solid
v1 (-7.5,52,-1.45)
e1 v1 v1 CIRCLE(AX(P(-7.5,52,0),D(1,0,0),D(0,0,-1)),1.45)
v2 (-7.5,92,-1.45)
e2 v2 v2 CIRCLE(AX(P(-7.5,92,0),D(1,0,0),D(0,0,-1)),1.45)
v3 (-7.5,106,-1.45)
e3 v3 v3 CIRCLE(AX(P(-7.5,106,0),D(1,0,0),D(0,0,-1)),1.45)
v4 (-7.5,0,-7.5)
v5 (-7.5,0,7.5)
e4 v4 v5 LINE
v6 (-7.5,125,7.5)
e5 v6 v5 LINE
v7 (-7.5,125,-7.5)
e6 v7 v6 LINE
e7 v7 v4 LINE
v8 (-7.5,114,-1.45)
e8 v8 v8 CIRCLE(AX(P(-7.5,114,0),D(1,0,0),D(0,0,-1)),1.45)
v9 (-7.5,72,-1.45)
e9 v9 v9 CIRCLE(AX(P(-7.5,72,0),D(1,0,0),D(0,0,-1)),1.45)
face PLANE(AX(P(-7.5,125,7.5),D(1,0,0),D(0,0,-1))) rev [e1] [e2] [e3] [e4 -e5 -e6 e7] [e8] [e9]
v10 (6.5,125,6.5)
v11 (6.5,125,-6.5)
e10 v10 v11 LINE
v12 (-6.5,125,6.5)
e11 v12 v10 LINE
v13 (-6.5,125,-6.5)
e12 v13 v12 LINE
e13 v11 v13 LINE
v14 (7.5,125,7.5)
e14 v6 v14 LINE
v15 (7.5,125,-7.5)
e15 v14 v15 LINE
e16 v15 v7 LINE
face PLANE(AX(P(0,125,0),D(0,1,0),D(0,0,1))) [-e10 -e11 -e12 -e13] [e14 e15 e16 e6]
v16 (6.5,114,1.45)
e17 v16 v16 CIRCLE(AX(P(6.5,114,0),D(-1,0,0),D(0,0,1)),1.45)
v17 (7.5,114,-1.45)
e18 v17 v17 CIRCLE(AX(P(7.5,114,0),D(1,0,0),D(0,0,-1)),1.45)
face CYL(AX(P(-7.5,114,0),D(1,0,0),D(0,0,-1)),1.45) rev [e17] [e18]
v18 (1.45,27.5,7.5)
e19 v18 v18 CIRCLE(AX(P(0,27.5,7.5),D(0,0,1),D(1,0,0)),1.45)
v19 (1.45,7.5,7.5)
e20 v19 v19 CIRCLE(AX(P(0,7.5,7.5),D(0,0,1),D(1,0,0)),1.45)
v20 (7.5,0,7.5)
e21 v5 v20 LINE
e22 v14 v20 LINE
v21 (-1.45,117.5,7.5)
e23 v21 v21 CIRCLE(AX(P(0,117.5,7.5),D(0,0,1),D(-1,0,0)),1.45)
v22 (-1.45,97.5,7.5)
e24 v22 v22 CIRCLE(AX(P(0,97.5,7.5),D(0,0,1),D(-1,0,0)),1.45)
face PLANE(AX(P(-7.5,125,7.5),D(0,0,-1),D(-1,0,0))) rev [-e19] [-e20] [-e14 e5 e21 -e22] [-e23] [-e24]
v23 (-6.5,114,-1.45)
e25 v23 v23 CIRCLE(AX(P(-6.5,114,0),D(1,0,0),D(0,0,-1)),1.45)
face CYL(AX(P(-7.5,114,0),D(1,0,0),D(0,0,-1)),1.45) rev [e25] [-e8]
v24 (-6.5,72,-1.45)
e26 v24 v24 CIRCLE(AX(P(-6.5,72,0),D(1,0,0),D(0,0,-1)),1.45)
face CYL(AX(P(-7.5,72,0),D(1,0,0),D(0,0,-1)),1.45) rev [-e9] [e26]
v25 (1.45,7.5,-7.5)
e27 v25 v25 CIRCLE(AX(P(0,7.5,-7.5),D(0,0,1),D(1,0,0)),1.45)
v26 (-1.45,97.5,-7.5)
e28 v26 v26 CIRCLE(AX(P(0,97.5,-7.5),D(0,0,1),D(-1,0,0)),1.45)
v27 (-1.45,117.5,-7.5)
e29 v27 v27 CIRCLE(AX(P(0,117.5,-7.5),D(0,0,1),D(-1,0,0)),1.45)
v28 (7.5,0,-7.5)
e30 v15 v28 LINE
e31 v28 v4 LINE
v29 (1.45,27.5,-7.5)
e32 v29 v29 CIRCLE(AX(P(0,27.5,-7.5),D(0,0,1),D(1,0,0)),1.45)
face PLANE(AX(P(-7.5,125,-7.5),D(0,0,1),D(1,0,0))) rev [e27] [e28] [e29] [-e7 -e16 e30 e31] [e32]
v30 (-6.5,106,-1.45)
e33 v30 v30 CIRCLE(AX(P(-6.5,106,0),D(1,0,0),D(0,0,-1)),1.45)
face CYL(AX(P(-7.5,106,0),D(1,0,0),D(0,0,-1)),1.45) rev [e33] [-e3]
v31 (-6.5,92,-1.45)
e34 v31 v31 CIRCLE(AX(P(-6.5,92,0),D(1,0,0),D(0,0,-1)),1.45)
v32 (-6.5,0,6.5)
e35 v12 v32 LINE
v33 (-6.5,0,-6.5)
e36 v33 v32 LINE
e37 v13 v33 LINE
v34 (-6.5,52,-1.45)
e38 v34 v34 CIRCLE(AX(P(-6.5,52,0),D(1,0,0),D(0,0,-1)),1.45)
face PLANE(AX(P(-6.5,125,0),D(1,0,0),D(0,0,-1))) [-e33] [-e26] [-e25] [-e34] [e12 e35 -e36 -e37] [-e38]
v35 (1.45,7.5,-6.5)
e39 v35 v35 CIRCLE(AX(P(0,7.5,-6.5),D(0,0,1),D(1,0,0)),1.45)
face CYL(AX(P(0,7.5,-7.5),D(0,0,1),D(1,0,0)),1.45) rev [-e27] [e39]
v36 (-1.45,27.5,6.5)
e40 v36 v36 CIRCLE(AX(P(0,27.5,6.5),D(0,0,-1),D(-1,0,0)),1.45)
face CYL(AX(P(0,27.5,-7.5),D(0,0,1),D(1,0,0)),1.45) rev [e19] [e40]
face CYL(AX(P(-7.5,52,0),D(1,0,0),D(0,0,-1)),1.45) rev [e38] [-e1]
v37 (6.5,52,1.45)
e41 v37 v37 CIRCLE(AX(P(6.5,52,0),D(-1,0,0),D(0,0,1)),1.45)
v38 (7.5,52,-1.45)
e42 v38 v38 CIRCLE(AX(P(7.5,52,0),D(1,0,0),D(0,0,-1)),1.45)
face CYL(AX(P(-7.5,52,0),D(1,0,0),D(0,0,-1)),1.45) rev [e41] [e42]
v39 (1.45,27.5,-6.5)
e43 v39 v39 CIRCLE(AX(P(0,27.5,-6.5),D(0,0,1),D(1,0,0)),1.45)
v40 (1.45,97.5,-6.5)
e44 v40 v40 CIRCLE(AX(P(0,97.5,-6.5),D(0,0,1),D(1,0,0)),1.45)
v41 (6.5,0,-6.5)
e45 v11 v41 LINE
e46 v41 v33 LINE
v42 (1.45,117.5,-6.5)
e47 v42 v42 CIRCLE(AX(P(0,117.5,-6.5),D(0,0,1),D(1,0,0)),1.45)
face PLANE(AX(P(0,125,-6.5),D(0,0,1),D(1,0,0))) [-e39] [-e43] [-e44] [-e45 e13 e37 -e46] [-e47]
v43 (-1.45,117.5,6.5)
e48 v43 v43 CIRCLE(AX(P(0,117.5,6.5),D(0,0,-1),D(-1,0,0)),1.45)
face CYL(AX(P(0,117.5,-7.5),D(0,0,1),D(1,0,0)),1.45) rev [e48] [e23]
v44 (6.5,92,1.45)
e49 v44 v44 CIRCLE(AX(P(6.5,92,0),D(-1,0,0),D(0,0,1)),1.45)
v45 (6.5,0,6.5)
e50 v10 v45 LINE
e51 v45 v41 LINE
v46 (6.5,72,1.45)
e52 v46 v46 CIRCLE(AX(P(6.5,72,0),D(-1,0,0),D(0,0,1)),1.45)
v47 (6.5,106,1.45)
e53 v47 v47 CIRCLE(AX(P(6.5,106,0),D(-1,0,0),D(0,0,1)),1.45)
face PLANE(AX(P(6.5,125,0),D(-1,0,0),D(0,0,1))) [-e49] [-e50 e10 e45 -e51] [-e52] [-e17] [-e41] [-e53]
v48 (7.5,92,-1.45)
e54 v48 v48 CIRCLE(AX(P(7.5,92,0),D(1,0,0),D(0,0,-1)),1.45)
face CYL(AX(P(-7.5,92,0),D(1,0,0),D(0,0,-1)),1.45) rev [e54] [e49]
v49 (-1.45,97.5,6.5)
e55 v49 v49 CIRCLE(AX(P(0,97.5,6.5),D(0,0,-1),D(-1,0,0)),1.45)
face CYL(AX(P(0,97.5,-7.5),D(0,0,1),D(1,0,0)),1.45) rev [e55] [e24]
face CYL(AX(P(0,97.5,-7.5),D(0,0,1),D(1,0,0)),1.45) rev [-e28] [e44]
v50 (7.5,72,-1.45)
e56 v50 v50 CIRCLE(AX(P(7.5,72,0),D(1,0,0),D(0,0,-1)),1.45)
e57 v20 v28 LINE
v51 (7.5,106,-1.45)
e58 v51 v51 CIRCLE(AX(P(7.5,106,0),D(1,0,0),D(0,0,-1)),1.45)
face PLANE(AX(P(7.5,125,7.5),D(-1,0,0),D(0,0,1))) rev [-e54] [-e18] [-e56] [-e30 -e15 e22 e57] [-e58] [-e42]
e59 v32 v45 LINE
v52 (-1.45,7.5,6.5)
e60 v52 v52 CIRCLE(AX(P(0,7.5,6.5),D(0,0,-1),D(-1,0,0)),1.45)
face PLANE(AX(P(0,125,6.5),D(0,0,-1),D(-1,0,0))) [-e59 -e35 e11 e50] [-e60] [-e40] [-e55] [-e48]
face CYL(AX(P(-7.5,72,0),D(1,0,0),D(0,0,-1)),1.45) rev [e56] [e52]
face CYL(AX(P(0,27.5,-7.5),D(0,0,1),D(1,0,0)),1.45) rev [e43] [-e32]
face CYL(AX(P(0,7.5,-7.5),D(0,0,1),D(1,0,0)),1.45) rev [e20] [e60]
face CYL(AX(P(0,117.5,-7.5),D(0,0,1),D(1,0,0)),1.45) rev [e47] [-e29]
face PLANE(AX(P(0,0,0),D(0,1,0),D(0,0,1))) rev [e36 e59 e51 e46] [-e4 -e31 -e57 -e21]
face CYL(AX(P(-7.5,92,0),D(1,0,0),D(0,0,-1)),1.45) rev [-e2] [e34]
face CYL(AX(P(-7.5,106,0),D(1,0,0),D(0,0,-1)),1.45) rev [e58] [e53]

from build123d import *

# Parameters (mm, degrees)
SKETCH_1_W          = 15
SKETCH_1_H          = 15
SKETCH_1_W_2        = 13
SKETCH_1_H_2        = 13
EXTRUDE_1_DEPTH     = 125
SKETCH_2_R          = 1.45
CUT_EXTRUDE_1_DEPTH = 127.119982556
SKETCH_3_R          = 1.45
CUT_EXTRUDE_2_DEPTH = 127.119982556


with BuildPart() as part:
    # 草图1 → 拉伸-薄壁1 (new body)
    with BuildSketch(Plane(origin=(0, 0, 0), x_dir=(1, 0, 0), z_dir=(0, 1, 0))):
        Rectangle(SKETCH_1_W, SKETCH_1_H)
        Rectangle(SKETCH_1_W_2, SKETCH_1_H_2, mode=Mode.SUBTRACT)
    extrude(amount=EXTRUDE_1_DEPTH)

    # 草图2 → 切除-拉伸1 (cut, through all)
    with BuildSketch(Plane.XY.offset(7.5)):
        with Locations((0, 7.5)):
            Circle(SKETCH_2_R)
        with Locations((0, 27.5)):
            Circle(SKETCH_2_R)
        with Locations(Location((0, 97.5, 0), (0, 0, 180))):
            Circle(SKETCH_2_R)
        with Locations(Location((0, 117.5, 0), (0, 0, 180))):
            Circle(SKETCH_2_R)
    extrude(amount=-CUT_EXTRUDE_1_DEPTH, mode=Mode.SUBTRACT)

    # 草图3 → 切除-拉伸2 (cut, through all)
    with BuildSketch(Plane(origin=(7.5, 0, 0), x_dir=(0, 0, -1), z_dir=(1, 0, 0))):
        with Locations((0, 72)):
            Circle(SKETCH_3_R)
        with Locations((0, 92)):
            Circle(SKETCH_3_R)
        with Locations((0, 52)):
            Circle(SKETCH_3_R)
        with Locations((0, 114)):
            Circle(SKETCH_3_R)
        with Locations((0, 106)):
            Circle(SKETCH_3_R)
    extrude(amount=-CUT_EXTRUDE_2_DEPTH, mode=Mode.SUBTRACT)


solid = part.part
